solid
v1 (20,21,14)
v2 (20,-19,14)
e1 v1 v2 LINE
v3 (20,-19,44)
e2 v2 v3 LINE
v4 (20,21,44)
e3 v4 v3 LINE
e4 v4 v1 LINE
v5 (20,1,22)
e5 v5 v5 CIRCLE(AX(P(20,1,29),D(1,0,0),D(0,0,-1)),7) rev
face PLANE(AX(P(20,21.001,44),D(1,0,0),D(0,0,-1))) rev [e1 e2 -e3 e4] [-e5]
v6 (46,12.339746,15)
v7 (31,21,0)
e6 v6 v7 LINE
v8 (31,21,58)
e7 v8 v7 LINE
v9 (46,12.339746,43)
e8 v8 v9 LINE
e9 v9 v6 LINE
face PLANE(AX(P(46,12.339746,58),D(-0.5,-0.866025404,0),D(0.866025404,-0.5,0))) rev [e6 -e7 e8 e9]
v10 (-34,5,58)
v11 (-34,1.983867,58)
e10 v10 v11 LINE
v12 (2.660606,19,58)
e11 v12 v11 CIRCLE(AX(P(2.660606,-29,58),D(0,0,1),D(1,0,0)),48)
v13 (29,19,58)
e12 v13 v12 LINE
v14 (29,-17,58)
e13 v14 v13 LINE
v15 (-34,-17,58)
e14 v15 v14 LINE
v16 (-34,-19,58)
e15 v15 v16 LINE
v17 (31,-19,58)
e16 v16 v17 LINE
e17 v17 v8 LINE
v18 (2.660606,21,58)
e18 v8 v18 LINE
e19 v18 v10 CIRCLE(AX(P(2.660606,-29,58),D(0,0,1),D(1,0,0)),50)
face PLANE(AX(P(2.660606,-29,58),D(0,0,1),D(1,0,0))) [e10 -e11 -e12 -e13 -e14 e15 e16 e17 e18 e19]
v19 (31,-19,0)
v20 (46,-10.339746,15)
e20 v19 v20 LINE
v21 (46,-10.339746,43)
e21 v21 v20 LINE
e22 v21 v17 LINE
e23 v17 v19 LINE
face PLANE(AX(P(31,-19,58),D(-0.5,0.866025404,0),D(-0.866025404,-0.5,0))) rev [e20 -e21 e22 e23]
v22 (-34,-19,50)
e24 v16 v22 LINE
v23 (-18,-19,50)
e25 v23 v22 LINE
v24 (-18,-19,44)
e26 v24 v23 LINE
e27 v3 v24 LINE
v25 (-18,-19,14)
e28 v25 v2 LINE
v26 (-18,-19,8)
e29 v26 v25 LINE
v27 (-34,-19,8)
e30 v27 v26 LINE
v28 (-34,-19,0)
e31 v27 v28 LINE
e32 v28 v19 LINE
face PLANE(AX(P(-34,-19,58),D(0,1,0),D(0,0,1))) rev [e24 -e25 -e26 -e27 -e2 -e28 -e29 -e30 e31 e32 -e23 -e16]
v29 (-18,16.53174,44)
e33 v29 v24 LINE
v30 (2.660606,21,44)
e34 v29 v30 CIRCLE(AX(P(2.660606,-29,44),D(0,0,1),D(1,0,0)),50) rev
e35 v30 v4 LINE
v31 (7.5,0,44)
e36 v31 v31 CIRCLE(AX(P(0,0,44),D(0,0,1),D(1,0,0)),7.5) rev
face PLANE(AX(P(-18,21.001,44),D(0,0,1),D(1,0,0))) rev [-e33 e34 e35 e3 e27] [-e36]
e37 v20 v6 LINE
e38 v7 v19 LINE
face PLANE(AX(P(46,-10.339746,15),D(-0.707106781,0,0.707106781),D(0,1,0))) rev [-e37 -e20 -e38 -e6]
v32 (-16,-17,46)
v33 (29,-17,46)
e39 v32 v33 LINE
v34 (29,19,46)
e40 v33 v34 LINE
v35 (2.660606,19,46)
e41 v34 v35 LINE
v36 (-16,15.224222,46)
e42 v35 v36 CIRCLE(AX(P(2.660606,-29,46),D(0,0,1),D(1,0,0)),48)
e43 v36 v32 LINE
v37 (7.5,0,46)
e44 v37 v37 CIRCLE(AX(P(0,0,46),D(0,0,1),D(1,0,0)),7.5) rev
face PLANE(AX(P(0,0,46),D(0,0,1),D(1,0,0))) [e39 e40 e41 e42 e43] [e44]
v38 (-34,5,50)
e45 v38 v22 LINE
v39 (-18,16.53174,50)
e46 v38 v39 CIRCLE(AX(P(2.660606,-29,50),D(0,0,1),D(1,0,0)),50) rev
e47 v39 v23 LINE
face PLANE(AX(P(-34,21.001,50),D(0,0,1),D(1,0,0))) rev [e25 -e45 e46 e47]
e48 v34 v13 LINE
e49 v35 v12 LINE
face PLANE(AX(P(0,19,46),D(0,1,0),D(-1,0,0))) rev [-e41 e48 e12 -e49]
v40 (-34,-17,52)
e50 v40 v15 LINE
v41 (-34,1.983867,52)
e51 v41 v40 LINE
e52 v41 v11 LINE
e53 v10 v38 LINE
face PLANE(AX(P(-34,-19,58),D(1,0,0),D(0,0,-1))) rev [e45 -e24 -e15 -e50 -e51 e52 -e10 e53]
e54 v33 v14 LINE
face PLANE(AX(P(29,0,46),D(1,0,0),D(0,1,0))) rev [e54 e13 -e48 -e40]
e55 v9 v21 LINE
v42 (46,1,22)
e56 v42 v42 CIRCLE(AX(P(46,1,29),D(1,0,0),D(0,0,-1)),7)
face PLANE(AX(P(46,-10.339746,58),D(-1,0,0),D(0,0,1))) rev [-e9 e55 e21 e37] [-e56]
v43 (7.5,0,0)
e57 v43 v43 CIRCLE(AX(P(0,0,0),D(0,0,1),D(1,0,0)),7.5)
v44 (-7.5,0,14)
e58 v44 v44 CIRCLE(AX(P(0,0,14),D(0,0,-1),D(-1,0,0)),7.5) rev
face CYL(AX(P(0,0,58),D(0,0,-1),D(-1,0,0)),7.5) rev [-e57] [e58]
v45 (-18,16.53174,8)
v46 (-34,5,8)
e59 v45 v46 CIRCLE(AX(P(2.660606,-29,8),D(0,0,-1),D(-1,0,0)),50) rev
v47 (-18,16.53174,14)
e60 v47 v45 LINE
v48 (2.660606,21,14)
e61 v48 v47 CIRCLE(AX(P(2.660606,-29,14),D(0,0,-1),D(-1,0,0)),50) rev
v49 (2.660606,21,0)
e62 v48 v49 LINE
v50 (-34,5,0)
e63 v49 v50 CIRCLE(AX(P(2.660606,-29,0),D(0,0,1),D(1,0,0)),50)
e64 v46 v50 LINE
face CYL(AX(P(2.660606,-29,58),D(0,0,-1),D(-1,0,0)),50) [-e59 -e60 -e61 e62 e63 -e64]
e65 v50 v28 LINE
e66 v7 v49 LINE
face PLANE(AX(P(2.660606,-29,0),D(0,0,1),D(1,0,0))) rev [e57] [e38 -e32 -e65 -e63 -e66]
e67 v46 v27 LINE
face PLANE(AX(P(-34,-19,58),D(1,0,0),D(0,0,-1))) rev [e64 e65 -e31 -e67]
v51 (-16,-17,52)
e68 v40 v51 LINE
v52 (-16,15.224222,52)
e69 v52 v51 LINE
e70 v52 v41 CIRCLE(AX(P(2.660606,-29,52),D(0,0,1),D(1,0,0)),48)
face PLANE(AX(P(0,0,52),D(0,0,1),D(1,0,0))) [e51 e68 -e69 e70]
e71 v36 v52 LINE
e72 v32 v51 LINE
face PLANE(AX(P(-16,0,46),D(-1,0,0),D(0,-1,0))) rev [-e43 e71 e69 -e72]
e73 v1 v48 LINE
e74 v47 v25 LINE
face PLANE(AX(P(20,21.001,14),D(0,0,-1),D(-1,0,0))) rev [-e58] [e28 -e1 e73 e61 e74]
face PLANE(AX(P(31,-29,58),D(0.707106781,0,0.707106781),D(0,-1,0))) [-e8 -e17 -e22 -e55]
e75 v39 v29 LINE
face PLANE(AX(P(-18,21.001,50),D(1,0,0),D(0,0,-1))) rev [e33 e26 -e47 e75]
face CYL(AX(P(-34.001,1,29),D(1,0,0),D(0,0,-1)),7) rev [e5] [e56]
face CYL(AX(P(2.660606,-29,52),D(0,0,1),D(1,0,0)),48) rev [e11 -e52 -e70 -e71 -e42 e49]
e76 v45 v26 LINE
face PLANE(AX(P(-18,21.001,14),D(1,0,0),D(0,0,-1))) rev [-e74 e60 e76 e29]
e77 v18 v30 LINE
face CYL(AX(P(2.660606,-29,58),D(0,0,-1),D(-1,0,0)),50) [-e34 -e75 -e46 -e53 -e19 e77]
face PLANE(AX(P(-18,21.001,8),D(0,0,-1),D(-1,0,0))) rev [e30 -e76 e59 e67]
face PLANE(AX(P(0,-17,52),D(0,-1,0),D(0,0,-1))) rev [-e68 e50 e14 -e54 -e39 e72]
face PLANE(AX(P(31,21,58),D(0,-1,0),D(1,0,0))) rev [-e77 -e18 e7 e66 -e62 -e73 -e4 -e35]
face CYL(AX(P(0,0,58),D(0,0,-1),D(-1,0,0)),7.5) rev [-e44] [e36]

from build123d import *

# Parameters (mm, degrees)
SKETCH1_R           = 7.5
BOSS_EXTRUDE1_DEPTH = 58
CUT_EXTRUDE1_REACH  = 86.143
CUT_EXTRUDE2_REACH  = 103.02
SKETCH3_R           = 7
CHAMFER1_SIZE       = 15
CUT_EXTRUDE3_DEPTH  = 6
CUT_EXTRUDE4_START  = -12
SKETCH4_3_R         = 7.5
CUT_EXTRUDE4_DEPTH  = 12


with BuildPart() as part:
    # Sketch1 → Boss-Extrude1 (new body)
    with BuildSketch(Plane.XY):
        with BuildLine():
            Line((-34, -19), (31, -19))
            Line((31, -19), (46, -10.339745962))
            Line((46, -10.339745962), (46, 12.339745962))
            Line((46, 12.339745962), (31, 21))
            Line((31, 21), (2.66060556, 21))
            ThreePointArc((2.66060556, 21), (-17.33939444, 16.82575695), (-34, 5))
            Line((-34, 5), (-34, -19))
        make_face()
        Circle(SKETCH1_R, mode=Mode.SUBTRACT)
    extrude(amount=BOSS_EXTRUDE1_DEPTH)

    # Sketch2 → Cut-Extrude1 (cut, up to next)
    with BuildSketch(Plane.XZ.offset(19), mode=Mode.PRIVATE) as cut_extrude1_sk1:
        Polygon((-34, 50), (-18, 50), (-18, 44), (20, 44), (20, 14), (-18, 14), (-18, 8), (-34, 8), align=None)
    cut_extrude1_tool1 = extrude(cut_extrude1_sk1.sketch, amount=-CUT_EXTRUDE1_REACH, mode=Mode.PRIVATE) & part.part
    add(cut_extrude1_tool1.solids().sort_by_distance((-9.013245, -19, 29))[0], mode=Mode.SUBTRACT)

    # Sketch3 → Cut-Extrude2 (cut, up to next)
    with BuildSketch(Plane(origin=(46, 0, 0), x_dir=(0, 0, -1), z_dir=(1, 0, 0)), mode=Mode.PRIVATE) as cut_extrude2_sk1:
        with Locations((-29, 1)):
            Circle(SKETCH3_R)
    cut_extrude2_tool1 = extrude(cut_extrude2_sk1.sketch, amount=-CUT_EXTRUDE2_REACH, mode=Mode.PRIVATE) & part.part
    add(cut_extrude2_tool1.solids().sort_by_distance((46, 1, 29))[0], mode=Mode.SUBTRACT)

    # Chamfer1
    chamfer1_edges = [part.edges().sort_by_distance(p)[0] for p in [
        (46, 1, 0),
        (46, 1, 58),
    ]]
    chamfer(chamfer1_edges, length=CHAMFER1_SIZE)

    # Sketch4 → Cut-Extrude3 (cut)
    with BuildSketch(Plane.XY.offset(58)):
        with BuildLine():
            ThreePointArc((-32.533575778, 3.64), (-33.2763294, 2.820381922), (-34, 1.98386677))
            Line((-34, 1.98386677), (-34, -17))
            Line((-34, -17), (-16, -17))
            Line((-16, -17), (-16, 15.224221872))
            ThreePointArc((-16, 15.224221872), (-24.882688852, 10.311155325), (-32.533575778, 3.64))
        make_face()
    extrude(amount=-CUT_EXTRUDE3_DEPTH, mode=Mode.SUBTRACT)

    # Sketch4<3> → Cut-Extrude4 (cut)
    with BuildSketch(Plane.XY.offset(58).offset(CUT_EXTRUDE4_START)):
        with BuildLine():
            Line((-16, 15.224221872), (-16, -17))
            Line((-16, -17), (29, -17))
            Line((29, -17), (29, 19))
            Line((29, 19), (2.66060556, 19))
            ThreePointArc((2.66060556, 19), (-6.858778616, 18.046586751), (-16, 15.224221872))
        make_face()
        Circle(SKETCH4_3_R, mode=Mode.SUBTRACT)
    extrude(amount=CUT_EXTRUDE4_DEPTH, mode=Mode.SUBTRACT)


solid = part.part
